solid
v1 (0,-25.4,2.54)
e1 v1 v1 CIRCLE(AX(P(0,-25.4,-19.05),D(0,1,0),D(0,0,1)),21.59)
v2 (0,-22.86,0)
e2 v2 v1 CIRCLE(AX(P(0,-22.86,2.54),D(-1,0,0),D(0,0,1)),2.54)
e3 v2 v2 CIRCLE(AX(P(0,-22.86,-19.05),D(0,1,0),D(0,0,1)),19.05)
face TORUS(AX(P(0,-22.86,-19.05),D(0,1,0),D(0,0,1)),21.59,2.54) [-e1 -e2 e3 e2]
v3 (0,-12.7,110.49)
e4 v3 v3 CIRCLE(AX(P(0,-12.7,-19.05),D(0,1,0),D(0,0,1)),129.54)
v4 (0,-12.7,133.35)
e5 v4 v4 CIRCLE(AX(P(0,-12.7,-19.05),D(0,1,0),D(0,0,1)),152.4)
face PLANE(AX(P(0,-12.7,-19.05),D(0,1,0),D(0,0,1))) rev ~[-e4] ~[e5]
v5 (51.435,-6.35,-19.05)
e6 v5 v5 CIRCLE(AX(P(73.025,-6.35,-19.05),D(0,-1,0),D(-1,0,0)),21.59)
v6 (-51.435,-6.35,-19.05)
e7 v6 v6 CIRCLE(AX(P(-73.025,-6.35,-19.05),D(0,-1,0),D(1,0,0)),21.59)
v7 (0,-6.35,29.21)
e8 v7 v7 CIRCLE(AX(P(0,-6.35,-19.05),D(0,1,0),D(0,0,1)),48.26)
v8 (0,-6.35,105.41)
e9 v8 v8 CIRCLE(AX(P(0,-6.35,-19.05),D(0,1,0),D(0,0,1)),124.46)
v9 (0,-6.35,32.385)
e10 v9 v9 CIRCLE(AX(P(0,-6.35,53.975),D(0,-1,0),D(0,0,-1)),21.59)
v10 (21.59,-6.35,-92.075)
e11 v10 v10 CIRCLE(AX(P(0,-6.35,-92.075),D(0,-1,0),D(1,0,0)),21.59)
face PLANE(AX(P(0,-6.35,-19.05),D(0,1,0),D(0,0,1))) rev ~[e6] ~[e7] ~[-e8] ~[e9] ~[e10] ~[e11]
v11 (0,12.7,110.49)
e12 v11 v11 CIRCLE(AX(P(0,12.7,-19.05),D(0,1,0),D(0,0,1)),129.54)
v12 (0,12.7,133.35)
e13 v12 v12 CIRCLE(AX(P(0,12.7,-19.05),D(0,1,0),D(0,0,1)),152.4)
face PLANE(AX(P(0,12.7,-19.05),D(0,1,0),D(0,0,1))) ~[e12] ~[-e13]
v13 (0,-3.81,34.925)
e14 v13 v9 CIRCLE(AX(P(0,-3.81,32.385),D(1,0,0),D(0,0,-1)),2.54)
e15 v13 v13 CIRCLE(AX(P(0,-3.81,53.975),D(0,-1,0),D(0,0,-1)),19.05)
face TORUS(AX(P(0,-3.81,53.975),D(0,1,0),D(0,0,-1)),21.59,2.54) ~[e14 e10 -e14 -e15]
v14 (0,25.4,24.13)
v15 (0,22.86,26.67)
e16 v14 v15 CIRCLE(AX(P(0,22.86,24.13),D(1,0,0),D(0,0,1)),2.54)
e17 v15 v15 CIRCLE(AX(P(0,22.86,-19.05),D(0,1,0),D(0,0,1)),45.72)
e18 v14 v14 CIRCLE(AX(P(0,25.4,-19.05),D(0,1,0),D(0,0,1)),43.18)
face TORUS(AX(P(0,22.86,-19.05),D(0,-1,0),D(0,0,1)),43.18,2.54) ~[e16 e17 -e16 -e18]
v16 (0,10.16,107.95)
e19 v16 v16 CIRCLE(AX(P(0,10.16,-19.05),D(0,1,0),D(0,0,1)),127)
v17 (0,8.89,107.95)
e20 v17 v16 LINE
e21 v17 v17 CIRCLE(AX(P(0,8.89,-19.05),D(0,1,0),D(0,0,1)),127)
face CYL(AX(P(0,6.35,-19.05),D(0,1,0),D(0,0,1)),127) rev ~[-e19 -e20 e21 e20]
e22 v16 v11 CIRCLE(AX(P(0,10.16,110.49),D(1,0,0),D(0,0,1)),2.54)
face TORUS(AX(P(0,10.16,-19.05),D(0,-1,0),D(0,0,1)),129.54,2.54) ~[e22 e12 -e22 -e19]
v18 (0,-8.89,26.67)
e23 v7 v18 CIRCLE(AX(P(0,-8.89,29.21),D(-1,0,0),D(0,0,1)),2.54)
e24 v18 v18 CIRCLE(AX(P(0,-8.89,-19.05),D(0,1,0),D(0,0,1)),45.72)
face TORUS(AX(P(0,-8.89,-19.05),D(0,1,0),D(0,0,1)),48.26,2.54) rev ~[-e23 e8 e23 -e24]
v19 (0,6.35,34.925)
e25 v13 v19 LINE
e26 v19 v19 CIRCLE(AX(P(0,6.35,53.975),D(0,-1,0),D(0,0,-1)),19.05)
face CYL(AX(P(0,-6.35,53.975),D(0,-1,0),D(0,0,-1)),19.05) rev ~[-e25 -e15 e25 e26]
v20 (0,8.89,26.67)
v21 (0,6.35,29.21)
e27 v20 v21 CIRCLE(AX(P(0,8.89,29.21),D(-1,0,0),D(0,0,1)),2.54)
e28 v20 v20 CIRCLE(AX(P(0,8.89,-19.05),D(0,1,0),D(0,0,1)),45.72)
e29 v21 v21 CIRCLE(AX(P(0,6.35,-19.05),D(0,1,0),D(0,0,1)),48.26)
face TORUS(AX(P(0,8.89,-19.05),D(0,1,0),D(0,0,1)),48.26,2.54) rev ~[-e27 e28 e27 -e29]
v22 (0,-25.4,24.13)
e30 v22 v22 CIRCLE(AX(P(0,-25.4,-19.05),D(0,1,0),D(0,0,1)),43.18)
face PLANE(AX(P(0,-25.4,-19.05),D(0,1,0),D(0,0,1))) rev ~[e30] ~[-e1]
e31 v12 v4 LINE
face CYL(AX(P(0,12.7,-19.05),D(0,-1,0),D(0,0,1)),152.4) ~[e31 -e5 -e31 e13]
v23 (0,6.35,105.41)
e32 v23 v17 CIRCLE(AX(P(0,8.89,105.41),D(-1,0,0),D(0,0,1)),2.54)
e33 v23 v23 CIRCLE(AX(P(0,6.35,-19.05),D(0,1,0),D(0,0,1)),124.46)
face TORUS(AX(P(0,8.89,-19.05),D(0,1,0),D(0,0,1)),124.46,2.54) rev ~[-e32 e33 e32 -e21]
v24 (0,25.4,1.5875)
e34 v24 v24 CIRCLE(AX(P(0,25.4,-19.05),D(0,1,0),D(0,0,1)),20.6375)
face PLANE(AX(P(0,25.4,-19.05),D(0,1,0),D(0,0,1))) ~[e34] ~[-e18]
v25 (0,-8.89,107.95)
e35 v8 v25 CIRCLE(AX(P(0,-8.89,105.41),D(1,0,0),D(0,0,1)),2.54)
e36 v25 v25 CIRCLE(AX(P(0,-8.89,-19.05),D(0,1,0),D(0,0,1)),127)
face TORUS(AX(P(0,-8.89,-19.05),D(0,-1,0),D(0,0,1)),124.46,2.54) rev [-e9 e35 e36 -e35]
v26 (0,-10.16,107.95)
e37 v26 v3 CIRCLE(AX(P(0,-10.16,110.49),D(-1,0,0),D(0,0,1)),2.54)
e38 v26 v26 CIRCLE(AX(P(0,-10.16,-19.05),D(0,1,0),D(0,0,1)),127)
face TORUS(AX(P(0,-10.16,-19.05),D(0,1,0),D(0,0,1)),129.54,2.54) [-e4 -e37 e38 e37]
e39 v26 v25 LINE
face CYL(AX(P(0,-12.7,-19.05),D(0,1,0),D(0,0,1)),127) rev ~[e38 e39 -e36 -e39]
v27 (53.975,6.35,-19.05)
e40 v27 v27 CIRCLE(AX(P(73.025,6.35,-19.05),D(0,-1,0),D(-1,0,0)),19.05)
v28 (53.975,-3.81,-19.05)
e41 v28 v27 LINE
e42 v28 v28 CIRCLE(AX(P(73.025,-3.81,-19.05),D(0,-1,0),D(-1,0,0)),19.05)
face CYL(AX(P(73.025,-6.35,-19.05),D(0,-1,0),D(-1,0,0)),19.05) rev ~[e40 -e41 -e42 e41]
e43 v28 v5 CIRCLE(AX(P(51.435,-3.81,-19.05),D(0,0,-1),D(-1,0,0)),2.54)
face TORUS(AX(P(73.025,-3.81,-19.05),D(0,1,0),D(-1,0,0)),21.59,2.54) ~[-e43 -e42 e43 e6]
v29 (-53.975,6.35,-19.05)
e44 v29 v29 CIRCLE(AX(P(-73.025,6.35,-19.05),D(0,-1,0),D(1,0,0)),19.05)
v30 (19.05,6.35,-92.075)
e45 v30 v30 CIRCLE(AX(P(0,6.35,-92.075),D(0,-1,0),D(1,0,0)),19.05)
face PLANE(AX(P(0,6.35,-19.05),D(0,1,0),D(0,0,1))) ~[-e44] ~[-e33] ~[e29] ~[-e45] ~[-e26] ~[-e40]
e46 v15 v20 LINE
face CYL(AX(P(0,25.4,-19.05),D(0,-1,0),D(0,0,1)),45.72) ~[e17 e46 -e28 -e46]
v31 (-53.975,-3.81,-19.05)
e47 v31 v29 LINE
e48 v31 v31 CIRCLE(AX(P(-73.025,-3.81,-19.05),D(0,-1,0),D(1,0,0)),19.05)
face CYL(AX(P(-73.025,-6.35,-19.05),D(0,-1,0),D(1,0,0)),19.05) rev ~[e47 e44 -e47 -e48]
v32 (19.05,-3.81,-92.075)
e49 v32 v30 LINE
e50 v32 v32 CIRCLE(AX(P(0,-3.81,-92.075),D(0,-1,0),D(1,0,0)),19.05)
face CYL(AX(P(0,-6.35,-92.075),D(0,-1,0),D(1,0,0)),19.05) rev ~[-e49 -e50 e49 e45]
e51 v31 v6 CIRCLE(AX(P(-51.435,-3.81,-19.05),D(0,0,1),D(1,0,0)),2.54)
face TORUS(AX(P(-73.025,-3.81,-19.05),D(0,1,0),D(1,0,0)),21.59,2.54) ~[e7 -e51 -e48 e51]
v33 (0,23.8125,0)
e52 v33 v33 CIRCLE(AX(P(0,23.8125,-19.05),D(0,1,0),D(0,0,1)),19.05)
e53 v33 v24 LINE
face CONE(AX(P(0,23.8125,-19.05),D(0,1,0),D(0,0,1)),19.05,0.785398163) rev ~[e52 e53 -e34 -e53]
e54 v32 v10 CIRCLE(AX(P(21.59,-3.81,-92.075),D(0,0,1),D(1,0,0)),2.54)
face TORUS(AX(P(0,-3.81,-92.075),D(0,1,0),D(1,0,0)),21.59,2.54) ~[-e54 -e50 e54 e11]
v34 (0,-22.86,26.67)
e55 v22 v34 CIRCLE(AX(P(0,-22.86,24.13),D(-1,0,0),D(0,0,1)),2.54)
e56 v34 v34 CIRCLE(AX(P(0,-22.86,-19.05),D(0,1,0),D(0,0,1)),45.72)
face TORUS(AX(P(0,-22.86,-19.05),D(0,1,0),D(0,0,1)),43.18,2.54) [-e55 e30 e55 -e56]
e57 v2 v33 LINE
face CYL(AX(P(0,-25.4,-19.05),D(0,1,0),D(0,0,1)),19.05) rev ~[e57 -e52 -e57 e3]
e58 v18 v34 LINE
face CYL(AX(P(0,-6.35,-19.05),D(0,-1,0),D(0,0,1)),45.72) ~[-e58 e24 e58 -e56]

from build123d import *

# Parameters (mm, degrees)
F2_R     = 19.05
F3_DEPTH = 25.4
F4_R     = 2.54
F5_SIZE  = 1.5875
F6_R     = 2.54


with BuildPart() as f1:
    # F0 (on Right) → F1 (revolve)
    with BuildSketch(Plane.YZ):
        Polygon((25.399999693, 26.67), (6.35, 26.67), (6.35, 107.95), (12.7, 107.95), (12.7, 133.35), (0, 133.35), (-12.7, 133.35), (-12.7, 107.95), (-6.35, 107.95), (-6.35, 26.67), (-25.399999693, 26.67), (-25.399999693, 0), (25.399999693, 0), align=None)
    revolve(axis=Axis((0, 34.7472019494, -19.05), (0, 1, 0)))

    # F2 (on face) → F3 (cut)
    with BuildSketch(Plane.XZ.offset(6.35)):
        with BuildLine():
            ThreePointArc((92.075, -19.05), (73.025, 0), (53.975, -19.05))
            ThreePointArc((53.975, -19.05), (73.025, -38.1), (92.075, -19.05))
        make_face()
        with Locations((-73.025, -19.05)):
            Circle(F2_R)
        with Locations((0, -92.075)):
            Circle(F2_R)
        with BuildLine():
            ThreePointArc((19.05, 53.975), (-13.4703841816, 67.4453841816), (0, 34.925))
            ThreePointArc((0, 34.925), (13.4703841816, 40.5046158184), (19.05, 53.975))
        make_face()
    extrude(amount=-F3_DEPTH, mode=Mode.SUBTRACT)

    # F4
    f4_edges = [f1.edges().sort_by_distance(p)[0] for p in [
        (0, -12.7, -146.05),
        (0, -6.35, -146.05),
        (0, -25.4, -64.77),
        (0, -25.4, -38.1),
        (-92.075, -6.35, -19.05),
        (-19.05, -6.35, -92.075),
        (0, -6.35, -64.77),
        (0, -6.35, 73.025),
        (53.975, -6.35, -19.05),
    ]]
    fillet(f4_edges, radius=F4_R)

    # F5
    f5_edges = [f1.edges().sort_by_distance(p)[0] for p in [
        (0, -25.4, -40.64),
        (0, 25.4, -38.1),
    ]]
    chamfer(f5_edges, length=F5_SIZE)

    # F6
    f6_edges = [f1.edges().sort_by_distance(p)[0] for p in [
        (0, 6.35, -146.05),
        (0, 12.7, -146.05),
        (0, 25.4, -64.77),
        (0, 6.35, -64.77),
    ]]
    fillet(f6_edges, radius=F6_R)


solid = f1.part
